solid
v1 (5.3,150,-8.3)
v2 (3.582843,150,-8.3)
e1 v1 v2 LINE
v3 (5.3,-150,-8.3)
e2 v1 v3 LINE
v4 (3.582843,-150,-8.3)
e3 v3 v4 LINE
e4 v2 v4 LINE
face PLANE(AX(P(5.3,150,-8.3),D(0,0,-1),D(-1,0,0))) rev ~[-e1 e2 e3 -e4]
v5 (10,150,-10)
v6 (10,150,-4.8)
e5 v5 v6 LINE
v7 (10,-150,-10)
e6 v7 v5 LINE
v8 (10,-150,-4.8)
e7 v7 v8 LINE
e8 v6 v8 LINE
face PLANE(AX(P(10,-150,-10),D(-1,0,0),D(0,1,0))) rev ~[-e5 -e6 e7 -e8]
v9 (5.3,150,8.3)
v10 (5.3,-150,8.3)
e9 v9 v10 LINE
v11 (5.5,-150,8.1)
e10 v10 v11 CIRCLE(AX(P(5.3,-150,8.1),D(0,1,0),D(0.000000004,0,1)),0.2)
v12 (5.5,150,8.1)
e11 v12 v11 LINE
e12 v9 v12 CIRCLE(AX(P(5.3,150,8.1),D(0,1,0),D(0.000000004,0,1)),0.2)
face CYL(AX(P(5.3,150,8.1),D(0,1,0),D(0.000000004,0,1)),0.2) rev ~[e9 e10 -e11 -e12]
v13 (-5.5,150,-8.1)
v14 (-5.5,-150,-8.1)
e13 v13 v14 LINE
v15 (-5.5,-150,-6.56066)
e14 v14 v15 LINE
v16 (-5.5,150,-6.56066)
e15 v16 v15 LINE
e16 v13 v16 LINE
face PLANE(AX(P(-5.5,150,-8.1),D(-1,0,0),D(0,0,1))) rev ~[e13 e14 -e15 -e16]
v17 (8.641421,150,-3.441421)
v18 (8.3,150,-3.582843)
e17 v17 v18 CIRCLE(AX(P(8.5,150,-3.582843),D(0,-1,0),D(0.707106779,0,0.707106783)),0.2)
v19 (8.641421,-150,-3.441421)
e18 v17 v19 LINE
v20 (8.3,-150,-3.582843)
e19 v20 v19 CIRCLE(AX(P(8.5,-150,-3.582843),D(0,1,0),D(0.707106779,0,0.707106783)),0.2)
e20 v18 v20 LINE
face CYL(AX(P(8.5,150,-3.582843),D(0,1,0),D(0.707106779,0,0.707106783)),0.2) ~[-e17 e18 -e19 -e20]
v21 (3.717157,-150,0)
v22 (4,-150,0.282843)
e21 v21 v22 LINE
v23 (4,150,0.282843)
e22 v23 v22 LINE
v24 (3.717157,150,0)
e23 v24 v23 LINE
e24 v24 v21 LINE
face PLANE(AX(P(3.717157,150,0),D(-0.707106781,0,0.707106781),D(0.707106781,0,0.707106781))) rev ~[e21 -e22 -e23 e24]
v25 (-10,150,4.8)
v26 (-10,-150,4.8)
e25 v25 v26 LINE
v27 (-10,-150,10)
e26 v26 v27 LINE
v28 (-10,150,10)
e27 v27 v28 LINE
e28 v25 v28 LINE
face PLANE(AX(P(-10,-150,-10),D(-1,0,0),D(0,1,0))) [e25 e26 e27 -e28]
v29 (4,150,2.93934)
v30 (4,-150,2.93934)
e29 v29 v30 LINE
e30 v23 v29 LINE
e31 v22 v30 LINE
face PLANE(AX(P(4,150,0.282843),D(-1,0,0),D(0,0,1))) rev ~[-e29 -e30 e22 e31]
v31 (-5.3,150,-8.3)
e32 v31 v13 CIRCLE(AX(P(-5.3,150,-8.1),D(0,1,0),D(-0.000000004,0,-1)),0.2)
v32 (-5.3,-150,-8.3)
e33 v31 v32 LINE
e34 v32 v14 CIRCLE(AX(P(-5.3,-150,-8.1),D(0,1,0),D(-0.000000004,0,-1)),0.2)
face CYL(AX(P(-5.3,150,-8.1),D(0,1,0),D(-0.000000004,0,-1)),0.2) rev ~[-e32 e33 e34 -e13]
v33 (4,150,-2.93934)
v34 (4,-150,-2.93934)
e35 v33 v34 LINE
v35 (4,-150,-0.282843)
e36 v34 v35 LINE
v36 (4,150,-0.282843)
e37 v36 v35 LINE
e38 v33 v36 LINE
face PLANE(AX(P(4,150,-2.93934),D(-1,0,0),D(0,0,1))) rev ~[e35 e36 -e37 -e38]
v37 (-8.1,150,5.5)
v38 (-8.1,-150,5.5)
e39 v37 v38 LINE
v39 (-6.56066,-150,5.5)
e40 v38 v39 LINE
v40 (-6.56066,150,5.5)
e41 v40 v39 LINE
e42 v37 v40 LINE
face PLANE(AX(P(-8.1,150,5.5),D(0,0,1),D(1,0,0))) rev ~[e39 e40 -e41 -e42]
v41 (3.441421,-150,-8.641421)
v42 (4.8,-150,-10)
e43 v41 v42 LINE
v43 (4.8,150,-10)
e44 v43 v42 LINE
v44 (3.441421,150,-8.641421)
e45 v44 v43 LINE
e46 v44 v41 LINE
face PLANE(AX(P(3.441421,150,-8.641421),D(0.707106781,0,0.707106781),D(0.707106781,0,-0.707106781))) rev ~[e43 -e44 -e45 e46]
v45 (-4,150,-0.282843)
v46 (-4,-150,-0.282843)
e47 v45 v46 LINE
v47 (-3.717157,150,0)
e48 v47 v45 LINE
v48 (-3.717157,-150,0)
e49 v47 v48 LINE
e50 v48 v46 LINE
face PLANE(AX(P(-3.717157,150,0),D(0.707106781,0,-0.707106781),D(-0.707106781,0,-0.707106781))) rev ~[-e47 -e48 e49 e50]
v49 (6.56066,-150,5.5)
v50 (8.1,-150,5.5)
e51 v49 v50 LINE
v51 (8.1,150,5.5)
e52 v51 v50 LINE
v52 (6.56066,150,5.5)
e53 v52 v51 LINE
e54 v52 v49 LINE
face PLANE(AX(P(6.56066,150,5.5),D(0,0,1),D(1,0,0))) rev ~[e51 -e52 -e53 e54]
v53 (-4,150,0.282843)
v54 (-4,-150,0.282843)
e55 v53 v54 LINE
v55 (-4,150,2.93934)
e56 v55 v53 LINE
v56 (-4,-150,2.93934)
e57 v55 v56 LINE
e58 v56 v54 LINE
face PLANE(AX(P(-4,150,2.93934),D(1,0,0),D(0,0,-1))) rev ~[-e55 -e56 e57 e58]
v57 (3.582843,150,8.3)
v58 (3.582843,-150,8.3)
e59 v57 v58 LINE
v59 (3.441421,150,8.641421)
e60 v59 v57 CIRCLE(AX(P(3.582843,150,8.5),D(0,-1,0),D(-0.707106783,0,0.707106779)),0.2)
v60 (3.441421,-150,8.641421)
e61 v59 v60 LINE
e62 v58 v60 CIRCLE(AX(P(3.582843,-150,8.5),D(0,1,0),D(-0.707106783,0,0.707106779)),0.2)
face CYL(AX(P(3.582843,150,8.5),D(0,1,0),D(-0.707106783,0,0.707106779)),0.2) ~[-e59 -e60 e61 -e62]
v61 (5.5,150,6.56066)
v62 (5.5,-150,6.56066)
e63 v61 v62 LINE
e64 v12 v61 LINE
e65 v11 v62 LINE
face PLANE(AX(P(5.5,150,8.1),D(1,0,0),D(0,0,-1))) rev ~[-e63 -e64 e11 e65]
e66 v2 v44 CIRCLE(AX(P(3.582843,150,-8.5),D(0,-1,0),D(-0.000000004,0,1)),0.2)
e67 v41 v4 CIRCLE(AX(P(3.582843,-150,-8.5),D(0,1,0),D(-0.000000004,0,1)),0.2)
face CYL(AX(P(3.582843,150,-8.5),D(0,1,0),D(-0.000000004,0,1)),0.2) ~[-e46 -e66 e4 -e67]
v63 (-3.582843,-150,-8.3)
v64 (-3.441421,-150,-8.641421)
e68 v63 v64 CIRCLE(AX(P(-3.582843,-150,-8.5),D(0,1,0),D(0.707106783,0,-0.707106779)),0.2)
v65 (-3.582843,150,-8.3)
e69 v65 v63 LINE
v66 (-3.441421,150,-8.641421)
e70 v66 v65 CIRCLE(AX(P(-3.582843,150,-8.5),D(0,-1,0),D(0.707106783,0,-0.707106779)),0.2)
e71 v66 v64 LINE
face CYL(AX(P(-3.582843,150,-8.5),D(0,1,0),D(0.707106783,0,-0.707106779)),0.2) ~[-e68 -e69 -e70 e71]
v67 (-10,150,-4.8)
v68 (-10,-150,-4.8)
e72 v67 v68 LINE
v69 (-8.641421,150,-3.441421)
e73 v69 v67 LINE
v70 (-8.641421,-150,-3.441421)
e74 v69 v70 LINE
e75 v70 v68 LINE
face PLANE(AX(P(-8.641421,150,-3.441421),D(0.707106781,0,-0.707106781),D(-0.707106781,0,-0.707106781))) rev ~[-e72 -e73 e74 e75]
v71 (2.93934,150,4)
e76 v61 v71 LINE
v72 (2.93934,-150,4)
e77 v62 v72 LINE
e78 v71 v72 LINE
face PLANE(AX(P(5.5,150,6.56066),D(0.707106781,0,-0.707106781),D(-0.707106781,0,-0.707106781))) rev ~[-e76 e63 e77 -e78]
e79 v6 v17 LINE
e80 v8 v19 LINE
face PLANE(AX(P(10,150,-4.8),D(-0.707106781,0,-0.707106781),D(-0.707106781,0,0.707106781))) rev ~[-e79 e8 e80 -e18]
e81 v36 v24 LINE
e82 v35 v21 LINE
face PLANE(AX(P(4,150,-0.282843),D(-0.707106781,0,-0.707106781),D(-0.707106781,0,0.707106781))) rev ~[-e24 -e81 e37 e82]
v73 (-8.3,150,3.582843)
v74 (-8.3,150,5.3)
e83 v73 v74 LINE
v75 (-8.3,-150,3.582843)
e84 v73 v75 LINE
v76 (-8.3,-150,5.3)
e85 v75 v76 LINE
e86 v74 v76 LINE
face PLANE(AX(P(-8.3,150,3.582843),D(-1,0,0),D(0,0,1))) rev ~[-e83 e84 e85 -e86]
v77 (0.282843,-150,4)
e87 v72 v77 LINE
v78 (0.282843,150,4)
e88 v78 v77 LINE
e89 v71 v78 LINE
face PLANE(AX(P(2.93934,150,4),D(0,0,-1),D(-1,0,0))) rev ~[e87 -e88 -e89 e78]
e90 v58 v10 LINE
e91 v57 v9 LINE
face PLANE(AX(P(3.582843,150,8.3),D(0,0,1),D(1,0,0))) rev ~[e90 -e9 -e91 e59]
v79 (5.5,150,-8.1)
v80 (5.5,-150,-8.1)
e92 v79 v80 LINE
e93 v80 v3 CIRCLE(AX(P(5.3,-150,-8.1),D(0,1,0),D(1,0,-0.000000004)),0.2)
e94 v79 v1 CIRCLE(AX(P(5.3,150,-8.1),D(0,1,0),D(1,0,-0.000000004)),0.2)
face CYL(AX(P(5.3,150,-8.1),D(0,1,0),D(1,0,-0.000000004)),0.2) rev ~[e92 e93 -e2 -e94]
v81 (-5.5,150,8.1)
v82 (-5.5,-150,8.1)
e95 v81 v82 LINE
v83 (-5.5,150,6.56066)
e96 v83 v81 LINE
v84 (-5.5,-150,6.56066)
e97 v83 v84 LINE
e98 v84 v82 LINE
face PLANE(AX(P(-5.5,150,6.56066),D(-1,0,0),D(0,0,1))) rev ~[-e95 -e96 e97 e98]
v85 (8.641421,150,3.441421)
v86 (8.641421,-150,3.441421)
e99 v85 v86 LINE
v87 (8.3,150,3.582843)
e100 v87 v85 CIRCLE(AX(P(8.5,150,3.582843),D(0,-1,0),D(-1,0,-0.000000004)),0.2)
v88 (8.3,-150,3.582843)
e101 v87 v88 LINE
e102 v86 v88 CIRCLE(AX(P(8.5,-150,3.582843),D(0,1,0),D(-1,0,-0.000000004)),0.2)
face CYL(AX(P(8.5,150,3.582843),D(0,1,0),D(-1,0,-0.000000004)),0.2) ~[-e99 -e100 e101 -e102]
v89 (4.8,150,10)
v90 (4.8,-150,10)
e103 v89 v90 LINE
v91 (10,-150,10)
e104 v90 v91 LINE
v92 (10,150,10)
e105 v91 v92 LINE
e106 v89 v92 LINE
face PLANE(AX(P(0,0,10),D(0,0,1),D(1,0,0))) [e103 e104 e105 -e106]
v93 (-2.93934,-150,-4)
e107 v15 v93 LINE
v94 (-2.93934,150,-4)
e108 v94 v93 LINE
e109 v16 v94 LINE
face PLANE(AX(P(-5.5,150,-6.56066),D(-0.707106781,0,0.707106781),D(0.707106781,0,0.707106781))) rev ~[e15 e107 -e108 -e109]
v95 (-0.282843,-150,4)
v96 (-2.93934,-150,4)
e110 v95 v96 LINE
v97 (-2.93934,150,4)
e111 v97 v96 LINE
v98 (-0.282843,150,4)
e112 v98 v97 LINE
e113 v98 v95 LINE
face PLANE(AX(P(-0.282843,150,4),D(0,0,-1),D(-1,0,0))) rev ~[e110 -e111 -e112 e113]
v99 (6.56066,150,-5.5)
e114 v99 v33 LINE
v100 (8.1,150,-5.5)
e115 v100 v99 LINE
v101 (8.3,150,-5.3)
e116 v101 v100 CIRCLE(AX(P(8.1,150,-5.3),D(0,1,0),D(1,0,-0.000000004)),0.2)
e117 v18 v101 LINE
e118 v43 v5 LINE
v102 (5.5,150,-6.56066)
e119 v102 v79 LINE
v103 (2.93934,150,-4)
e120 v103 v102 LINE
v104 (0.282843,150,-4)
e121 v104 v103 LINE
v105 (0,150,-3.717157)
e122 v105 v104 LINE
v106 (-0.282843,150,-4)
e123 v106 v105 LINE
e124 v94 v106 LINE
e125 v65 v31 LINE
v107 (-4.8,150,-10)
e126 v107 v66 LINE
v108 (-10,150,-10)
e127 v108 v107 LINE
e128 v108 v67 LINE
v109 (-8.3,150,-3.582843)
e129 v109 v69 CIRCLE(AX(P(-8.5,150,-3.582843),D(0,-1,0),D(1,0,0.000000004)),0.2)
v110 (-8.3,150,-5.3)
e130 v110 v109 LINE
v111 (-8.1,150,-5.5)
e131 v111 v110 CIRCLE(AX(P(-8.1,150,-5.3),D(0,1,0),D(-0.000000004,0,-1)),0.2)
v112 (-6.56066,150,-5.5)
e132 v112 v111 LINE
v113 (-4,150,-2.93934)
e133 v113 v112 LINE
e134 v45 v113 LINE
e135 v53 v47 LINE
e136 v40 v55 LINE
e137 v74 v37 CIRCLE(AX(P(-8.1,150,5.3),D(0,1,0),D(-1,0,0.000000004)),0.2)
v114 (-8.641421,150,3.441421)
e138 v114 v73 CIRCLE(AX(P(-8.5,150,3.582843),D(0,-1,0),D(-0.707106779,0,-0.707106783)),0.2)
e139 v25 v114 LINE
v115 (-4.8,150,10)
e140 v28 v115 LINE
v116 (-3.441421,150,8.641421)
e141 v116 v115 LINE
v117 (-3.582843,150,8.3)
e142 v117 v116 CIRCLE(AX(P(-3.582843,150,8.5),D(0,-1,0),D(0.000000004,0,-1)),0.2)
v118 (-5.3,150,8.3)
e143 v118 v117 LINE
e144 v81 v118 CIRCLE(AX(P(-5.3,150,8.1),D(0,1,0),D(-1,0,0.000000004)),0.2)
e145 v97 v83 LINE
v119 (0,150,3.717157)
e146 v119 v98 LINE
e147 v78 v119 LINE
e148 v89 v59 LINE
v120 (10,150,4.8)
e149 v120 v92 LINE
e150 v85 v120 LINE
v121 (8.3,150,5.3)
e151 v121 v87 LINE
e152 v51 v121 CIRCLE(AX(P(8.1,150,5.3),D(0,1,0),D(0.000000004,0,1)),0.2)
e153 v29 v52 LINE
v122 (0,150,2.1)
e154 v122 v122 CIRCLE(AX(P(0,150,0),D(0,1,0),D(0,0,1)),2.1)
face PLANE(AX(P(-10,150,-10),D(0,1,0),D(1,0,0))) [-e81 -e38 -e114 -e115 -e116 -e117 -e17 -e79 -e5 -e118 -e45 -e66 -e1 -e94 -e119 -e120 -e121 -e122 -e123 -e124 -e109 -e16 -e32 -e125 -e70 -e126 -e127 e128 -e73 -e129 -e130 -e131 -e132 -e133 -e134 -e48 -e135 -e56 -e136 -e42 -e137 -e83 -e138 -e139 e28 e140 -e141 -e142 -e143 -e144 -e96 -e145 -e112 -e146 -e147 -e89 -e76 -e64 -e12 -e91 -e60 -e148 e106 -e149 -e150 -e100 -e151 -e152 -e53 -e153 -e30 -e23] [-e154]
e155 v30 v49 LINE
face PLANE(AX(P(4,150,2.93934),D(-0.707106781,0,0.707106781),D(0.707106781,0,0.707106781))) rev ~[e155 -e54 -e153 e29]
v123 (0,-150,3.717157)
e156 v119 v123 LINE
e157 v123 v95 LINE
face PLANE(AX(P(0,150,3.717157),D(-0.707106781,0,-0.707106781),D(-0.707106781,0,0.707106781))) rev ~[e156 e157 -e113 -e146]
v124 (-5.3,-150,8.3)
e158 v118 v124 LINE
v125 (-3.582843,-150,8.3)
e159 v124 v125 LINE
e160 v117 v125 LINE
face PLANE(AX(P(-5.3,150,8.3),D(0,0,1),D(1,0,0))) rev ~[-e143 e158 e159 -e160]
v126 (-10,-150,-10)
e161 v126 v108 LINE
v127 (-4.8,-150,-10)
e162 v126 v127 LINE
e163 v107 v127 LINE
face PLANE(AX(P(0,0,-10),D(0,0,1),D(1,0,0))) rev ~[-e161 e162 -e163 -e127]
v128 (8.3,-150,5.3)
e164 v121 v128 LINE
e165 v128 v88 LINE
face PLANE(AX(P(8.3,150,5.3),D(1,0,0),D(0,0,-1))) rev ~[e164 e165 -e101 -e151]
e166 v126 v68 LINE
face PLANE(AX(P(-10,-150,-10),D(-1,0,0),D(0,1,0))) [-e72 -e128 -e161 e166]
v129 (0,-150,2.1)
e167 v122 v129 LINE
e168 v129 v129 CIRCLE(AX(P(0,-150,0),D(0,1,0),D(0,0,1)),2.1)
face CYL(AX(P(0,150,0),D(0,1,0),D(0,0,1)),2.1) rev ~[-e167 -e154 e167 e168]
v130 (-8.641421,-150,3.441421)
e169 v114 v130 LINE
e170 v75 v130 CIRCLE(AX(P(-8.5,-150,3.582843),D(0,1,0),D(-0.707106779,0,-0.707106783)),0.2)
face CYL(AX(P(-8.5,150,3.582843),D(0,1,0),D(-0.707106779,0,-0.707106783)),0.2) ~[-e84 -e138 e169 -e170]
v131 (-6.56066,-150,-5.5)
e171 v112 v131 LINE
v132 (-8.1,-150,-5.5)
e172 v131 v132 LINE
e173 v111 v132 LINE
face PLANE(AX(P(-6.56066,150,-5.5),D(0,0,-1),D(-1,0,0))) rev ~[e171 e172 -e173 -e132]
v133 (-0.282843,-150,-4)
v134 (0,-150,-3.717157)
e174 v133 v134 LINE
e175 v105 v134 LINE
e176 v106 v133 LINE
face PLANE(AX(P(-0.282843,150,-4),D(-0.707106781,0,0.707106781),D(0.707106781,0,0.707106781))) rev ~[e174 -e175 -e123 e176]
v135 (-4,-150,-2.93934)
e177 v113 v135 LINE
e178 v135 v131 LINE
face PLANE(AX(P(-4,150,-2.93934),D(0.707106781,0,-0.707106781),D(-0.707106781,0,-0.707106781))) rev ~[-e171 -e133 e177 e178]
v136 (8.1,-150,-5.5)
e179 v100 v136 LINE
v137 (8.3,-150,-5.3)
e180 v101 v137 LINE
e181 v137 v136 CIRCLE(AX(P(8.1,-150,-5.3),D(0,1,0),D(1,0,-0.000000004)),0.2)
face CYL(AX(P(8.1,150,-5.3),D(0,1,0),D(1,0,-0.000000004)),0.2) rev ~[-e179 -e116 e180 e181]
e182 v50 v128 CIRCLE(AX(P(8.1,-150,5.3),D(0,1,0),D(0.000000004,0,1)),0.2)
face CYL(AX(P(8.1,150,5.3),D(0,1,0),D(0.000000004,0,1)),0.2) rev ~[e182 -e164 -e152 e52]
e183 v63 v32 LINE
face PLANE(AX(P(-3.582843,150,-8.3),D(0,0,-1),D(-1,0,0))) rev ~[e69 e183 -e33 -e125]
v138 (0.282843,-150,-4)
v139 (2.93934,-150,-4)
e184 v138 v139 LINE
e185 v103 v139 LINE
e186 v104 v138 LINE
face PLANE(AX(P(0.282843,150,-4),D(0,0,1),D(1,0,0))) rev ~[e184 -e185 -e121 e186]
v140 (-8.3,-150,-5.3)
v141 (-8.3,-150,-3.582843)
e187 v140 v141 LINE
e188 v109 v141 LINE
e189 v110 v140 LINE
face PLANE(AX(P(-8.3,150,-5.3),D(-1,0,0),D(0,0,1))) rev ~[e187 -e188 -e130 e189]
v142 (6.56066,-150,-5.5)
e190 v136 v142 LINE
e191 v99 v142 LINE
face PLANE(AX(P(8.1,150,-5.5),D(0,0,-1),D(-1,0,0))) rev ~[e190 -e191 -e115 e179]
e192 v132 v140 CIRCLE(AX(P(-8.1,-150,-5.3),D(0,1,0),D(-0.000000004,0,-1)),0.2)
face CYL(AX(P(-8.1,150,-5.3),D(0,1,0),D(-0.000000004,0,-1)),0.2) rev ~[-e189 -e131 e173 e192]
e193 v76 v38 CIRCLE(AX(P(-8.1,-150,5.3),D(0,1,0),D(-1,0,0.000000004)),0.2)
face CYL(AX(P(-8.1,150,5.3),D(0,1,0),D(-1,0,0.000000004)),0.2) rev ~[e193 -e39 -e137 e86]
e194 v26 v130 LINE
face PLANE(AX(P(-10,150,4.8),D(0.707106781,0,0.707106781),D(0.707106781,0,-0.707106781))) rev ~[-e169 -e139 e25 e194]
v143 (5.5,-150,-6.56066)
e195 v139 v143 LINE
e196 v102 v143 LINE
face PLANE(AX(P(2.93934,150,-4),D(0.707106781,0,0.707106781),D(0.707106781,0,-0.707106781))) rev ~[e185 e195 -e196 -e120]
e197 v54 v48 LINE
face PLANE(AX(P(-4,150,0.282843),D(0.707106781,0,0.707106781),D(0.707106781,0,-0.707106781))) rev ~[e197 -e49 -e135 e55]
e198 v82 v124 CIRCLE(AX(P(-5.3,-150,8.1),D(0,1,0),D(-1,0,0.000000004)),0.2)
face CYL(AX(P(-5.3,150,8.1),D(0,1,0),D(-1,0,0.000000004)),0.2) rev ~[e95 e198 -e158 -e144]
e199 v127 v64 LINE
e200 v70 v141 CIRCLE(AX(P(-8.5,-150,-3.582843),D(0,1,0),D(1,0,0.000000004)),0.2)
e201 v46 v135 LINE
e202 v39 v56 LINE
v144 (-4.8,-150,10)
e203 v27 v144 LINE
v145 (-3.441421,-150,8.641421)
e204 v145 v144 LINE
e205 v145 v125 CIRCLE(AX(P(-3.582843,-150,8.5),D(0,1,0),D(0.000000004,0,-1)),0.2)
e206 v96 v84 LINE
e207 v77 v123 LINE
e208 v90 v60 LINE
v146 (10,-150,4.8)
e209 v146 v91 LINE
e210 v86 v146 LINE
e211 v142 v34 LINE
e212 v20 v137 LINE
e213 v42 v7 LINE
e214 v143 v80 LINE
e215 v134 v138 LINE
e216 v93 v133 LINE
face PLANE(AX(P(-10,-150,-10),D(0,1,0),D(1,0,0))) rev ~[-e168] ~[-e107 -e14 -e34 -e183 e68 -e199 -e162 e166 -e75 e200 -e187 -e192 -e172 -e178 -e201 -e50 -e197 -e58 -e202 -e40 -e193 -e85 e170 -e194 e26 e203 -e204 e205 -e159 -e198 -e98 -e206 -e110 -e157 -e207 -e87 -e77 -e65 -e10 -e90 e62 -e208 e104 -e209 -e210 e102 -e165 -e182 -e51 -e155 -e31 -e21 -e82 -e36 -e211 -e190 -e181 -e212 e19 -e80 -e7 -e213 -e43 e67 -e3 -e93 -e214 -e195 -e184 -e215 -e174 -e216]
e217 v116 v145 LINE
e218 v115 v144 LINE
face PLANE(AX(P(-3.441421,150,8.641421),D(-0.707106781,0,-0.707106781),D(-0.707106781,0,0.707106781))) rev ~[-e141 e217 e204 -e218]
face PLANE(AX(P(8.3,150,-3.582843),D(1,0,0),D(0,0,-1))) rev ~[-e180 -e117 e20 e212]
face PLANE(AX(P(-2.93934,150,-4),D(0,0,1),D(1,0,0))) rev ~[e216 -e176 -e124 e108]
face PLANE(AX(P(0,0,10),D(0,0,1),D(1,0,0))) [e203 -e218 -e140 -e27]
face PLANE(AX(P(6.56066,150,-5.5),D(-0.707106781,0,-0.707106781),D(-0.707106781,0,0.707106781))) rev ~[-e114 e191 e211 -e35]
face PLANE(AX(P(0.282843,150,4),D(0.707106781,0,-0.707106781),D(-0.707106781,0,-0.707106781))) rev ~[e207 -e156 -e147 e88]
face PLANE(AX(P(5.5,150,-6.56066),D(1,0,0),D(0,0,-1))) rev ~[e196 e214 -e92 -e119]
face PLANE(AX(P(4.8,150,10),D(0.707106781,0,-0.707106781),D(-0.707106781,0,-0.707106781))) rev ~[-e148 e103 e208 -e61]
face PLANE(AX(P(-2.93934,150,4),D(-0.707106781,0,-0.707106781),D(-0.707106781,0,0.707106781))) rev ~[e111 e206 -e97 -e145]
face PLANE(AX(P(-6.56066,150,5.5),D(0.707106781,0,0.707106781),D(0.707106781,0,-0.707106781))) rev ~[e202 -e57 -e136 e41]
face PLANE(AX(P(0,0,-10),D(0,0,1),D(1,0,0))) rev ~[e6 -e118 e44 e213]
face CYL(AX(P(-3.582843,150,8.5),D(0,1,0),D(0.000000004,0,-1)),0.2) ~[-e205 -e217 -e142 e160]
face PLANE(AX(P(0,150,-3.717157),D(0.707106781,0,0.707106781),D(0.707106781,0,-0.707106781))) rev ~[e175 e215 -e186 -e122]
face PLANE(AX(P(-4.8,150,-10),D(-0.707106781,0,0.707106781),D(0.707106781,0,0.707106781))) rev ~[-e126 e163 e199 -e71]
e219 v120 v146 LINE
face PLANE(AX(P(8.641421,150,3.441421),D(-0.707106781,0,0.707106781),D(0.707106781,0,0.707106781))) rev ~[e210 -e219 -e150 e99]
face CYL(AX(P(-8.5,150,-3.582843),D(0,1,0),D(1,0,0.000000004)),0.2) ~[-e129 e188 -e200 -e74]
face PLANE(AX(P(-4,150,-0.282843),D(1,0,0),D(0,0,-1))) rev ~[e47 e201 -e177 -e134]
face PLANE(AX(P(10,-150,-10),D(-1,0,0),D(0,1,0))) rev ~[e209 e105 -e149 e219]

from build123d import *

# Parameters (mm, degrees)
BOSS_EXTRU_1_DEPTH      = 10
BOSS_EXTRU_1_DEPTH_BACK = 10
ESQUISSE1_W             = 20
ESQUISSE1_H             = 300
ESQUISSE2_R             = 2.1
ENL_V_MAT_EXTRU_1_DEPTH = 301.333148354


with BuildPart() as part:
    # Esquisse1 → Boss.-Extru.1 (new, two sides: drawn at the far end of the back side and taken through both)
    with BuildSketch(Plane.XY.offset(-BOSS_EXTRU_1_DEPTH_BACK)):
        Rectangle(ESQUISSE1_W, ESQUISSE1_H)
    extrude(amount=BOSS_EXTRU_1_DEPTH + BOSS_EXTRU_1_DEPTH_BACK)

    # Esquisse2 → Enlèv. mat.-Extru.1 (cut, through all)
    with BuildSketch(Plane(origin=(0, 150, 0), x_dir=(1, 0, 0), z_dir=(0, 1, 0))):
        with BuildLine():
            Line((-3.441421356, -8.641421356), (-4.8, -10))
            Line((-4.8, -10), (4.8, -10))
            Line((4.8, -10), (3.441421356, -8.641421356))
            ThreePointArc((3.441421356, -8.641421356), (3.398066806, -8.423463314), (3.582842712, -8.3))
            Line((3.582842712, -8.3), (5.3, -8.3))
            ThreePointArc((5.3, -8.3), (5.441421356, -8.241421356), (5.5, -8.1))
            Line((5.5, -8.1), (5.5, -6.560660172))
            Line((5.5, -6.560660172), (2.939339828, -4))
            Line((2.939339828, -4), (0.282842712, -4))
            Line((0.282842712, -4), (0, -3.717157288))
            Line((0, -3.717157288), (-0.282842712, -4))
            Line((-0.282842712, -4), (-2.939339828, -4))
            Line((-2.939339828, -4), (-5.5, -6.560660172))
            Line((-5.5, -6.560660172), (-5.5, -8.1))
            ThreePointArc((-5.5, -8.1), (-5.441421356, -8.241421356), (-5.3, -8.3))
            Line((-5.3, -8.3), (-3.582842712, -8.3))
            ThreePointArc((-3.582842712, -8.3), (-3.398066806, -8.423463314), (-3.441421356, -8.641421356))
        make_face()
        with BuildLine():
            Line((-10, 4.8), (-10, -4.8))
            Line((-10, -4.8), (-8.641421356, -3.441421356))
            ThreePointArc((-8.641421356, -3.441421356), (-8.423463314, -3.398066806), (-8.3, -3.582842712))
            Line((-8.3, -3.582842712), (-8.3, -5.3))
            ThreePointArc((-8.3, -5.3), (-8.241421356, -5.441421356), (-8.1, -5.5))
            Line((-8.1, -5.5), (-6.560660172, -5.5))
            Line((-6.560660172, -5.5), (-4, -2.939339828))
            Line((-4, -2.939339828), (-4, -0.282842712))
            Line((-4, -0.282842712), (-3.717157288, 0))
            Line((-3.717157288, 0), (-4, 0.282842712))
            Line((-4, 0.282842712), (-4, 2.939339828))
            Line((-4, 2.939339828), (-6.560660172, 5.5))
            Line((-6.560660172, 5.5), (-8.1, 5.5))
            ThreePointArc((-8.1, 5.5), (-8.241421356, 5.441421356), (-8.3, 5.3))
            Line((-8.3, 5.3), (-8.3, 3.582842712))
            ThreePointArc((-8.3, 3.582842712), (-8.423463314, 3.398066806), (-8.641421356, 3.441421356))
            Line((-8.641421356, 3.441421356), (-10, 4.8))
        make_face()
        with BuildLine():
            Line((8.641421356, -3.441421356), (10, -4.8))
            Line((10, -4.8), (10, 4.8))
            Line((10, 4.8), (8.641421356, 3.441421356))
            ThreePointArc((8.641421356, 3.441421356), (8.423463314, 3.398066806), (8.3, 3.582842712))
            Line((8.3, 3.582842712), (8.3, 5.3))
            ThreePointArc((8.3, 5.3), (8.241421356, 5.441421356), (8.1, 5.5))
            Line((8.1, 5.5), (6.560660172, 5.5))
            Line((6.560660172, 5.5), (4, 2.939339828))
            Line((4, 2.939339828), (4, 0.282842712))
            Line((4, 0.282842712), (3.717157288, 0))
            Line((3.717157288, 0), (4, -0.282842712))
            Line((4, -0.282842712), (4, -2.939339828))
            Line((4, -2.939339828), (6.560660172, -5.5))
            Line((6.560660172, -5.5), (8.1, -5.5))
            ThreePointArc((8.1, -5.5), (8.241421356, -5.441421356), (8.3, -5.3))
            Line((8.3, -5.3), (8.3, -3.582842712))
            ThreePointArc((8.3, -3.582842712), (8.423463314, -3.398066806), (8.641421356, -3.441421356))
        make_face()
        with BuildLine():
            Line((4.8, 10), (-4.8, 10))
            Line((-4.8, 10), (-3.441421356, 8.641421356))
            ThreePointArc((-3.441421356, 8.641421356), (-3.398066806, 8.423463314), (-3.582842712, 8.3))
            Line((-3.582842712, 8.3), (-5.3, 8.3))
            ThreePointArc((-5.3, 8.3), (-5.441421356, 8.241421356), (-5.5, 8.1))
            Line((-5.5, 8.1), (-5.5, 6.560660172))
            Line((-5.5, 6.560660172), (-2.939339828, 4))
            Line((-2.939339828, 4), (-0.282842712, 4))
            Line((-0.282842712, 4), (0, 3.717157288))
            Line((0, 3.717157288), (0.282842712, 4))
            Line((0.282842712, 4), (2.939339828, 4))
            Line((2.939339828, 4), (5.5, 6.560660172))
            Line((5.5, 6.560660172), (5.5, 8.1))
            ThreePointArc((5.5, 8.1), (5.441421356, 8.241421356), (5.3, 8.3))
            Line((5.3, 8.3), (3.582842712, 8.3))
            ThreePointArc((3.582842712, 8.3), (3.398066806, 8.423463314), (3.441421356, 8.641421356))
            Line((3.441421356, 8.641421356), (4.8, 10))
        make_face()
        Circle(ESQUISSE2_R)
    extrude(amount=-ENL_V_MAT_EXTRU_1_DEPTH, mode=Mode.SUBTRACT)


solid = part.part
